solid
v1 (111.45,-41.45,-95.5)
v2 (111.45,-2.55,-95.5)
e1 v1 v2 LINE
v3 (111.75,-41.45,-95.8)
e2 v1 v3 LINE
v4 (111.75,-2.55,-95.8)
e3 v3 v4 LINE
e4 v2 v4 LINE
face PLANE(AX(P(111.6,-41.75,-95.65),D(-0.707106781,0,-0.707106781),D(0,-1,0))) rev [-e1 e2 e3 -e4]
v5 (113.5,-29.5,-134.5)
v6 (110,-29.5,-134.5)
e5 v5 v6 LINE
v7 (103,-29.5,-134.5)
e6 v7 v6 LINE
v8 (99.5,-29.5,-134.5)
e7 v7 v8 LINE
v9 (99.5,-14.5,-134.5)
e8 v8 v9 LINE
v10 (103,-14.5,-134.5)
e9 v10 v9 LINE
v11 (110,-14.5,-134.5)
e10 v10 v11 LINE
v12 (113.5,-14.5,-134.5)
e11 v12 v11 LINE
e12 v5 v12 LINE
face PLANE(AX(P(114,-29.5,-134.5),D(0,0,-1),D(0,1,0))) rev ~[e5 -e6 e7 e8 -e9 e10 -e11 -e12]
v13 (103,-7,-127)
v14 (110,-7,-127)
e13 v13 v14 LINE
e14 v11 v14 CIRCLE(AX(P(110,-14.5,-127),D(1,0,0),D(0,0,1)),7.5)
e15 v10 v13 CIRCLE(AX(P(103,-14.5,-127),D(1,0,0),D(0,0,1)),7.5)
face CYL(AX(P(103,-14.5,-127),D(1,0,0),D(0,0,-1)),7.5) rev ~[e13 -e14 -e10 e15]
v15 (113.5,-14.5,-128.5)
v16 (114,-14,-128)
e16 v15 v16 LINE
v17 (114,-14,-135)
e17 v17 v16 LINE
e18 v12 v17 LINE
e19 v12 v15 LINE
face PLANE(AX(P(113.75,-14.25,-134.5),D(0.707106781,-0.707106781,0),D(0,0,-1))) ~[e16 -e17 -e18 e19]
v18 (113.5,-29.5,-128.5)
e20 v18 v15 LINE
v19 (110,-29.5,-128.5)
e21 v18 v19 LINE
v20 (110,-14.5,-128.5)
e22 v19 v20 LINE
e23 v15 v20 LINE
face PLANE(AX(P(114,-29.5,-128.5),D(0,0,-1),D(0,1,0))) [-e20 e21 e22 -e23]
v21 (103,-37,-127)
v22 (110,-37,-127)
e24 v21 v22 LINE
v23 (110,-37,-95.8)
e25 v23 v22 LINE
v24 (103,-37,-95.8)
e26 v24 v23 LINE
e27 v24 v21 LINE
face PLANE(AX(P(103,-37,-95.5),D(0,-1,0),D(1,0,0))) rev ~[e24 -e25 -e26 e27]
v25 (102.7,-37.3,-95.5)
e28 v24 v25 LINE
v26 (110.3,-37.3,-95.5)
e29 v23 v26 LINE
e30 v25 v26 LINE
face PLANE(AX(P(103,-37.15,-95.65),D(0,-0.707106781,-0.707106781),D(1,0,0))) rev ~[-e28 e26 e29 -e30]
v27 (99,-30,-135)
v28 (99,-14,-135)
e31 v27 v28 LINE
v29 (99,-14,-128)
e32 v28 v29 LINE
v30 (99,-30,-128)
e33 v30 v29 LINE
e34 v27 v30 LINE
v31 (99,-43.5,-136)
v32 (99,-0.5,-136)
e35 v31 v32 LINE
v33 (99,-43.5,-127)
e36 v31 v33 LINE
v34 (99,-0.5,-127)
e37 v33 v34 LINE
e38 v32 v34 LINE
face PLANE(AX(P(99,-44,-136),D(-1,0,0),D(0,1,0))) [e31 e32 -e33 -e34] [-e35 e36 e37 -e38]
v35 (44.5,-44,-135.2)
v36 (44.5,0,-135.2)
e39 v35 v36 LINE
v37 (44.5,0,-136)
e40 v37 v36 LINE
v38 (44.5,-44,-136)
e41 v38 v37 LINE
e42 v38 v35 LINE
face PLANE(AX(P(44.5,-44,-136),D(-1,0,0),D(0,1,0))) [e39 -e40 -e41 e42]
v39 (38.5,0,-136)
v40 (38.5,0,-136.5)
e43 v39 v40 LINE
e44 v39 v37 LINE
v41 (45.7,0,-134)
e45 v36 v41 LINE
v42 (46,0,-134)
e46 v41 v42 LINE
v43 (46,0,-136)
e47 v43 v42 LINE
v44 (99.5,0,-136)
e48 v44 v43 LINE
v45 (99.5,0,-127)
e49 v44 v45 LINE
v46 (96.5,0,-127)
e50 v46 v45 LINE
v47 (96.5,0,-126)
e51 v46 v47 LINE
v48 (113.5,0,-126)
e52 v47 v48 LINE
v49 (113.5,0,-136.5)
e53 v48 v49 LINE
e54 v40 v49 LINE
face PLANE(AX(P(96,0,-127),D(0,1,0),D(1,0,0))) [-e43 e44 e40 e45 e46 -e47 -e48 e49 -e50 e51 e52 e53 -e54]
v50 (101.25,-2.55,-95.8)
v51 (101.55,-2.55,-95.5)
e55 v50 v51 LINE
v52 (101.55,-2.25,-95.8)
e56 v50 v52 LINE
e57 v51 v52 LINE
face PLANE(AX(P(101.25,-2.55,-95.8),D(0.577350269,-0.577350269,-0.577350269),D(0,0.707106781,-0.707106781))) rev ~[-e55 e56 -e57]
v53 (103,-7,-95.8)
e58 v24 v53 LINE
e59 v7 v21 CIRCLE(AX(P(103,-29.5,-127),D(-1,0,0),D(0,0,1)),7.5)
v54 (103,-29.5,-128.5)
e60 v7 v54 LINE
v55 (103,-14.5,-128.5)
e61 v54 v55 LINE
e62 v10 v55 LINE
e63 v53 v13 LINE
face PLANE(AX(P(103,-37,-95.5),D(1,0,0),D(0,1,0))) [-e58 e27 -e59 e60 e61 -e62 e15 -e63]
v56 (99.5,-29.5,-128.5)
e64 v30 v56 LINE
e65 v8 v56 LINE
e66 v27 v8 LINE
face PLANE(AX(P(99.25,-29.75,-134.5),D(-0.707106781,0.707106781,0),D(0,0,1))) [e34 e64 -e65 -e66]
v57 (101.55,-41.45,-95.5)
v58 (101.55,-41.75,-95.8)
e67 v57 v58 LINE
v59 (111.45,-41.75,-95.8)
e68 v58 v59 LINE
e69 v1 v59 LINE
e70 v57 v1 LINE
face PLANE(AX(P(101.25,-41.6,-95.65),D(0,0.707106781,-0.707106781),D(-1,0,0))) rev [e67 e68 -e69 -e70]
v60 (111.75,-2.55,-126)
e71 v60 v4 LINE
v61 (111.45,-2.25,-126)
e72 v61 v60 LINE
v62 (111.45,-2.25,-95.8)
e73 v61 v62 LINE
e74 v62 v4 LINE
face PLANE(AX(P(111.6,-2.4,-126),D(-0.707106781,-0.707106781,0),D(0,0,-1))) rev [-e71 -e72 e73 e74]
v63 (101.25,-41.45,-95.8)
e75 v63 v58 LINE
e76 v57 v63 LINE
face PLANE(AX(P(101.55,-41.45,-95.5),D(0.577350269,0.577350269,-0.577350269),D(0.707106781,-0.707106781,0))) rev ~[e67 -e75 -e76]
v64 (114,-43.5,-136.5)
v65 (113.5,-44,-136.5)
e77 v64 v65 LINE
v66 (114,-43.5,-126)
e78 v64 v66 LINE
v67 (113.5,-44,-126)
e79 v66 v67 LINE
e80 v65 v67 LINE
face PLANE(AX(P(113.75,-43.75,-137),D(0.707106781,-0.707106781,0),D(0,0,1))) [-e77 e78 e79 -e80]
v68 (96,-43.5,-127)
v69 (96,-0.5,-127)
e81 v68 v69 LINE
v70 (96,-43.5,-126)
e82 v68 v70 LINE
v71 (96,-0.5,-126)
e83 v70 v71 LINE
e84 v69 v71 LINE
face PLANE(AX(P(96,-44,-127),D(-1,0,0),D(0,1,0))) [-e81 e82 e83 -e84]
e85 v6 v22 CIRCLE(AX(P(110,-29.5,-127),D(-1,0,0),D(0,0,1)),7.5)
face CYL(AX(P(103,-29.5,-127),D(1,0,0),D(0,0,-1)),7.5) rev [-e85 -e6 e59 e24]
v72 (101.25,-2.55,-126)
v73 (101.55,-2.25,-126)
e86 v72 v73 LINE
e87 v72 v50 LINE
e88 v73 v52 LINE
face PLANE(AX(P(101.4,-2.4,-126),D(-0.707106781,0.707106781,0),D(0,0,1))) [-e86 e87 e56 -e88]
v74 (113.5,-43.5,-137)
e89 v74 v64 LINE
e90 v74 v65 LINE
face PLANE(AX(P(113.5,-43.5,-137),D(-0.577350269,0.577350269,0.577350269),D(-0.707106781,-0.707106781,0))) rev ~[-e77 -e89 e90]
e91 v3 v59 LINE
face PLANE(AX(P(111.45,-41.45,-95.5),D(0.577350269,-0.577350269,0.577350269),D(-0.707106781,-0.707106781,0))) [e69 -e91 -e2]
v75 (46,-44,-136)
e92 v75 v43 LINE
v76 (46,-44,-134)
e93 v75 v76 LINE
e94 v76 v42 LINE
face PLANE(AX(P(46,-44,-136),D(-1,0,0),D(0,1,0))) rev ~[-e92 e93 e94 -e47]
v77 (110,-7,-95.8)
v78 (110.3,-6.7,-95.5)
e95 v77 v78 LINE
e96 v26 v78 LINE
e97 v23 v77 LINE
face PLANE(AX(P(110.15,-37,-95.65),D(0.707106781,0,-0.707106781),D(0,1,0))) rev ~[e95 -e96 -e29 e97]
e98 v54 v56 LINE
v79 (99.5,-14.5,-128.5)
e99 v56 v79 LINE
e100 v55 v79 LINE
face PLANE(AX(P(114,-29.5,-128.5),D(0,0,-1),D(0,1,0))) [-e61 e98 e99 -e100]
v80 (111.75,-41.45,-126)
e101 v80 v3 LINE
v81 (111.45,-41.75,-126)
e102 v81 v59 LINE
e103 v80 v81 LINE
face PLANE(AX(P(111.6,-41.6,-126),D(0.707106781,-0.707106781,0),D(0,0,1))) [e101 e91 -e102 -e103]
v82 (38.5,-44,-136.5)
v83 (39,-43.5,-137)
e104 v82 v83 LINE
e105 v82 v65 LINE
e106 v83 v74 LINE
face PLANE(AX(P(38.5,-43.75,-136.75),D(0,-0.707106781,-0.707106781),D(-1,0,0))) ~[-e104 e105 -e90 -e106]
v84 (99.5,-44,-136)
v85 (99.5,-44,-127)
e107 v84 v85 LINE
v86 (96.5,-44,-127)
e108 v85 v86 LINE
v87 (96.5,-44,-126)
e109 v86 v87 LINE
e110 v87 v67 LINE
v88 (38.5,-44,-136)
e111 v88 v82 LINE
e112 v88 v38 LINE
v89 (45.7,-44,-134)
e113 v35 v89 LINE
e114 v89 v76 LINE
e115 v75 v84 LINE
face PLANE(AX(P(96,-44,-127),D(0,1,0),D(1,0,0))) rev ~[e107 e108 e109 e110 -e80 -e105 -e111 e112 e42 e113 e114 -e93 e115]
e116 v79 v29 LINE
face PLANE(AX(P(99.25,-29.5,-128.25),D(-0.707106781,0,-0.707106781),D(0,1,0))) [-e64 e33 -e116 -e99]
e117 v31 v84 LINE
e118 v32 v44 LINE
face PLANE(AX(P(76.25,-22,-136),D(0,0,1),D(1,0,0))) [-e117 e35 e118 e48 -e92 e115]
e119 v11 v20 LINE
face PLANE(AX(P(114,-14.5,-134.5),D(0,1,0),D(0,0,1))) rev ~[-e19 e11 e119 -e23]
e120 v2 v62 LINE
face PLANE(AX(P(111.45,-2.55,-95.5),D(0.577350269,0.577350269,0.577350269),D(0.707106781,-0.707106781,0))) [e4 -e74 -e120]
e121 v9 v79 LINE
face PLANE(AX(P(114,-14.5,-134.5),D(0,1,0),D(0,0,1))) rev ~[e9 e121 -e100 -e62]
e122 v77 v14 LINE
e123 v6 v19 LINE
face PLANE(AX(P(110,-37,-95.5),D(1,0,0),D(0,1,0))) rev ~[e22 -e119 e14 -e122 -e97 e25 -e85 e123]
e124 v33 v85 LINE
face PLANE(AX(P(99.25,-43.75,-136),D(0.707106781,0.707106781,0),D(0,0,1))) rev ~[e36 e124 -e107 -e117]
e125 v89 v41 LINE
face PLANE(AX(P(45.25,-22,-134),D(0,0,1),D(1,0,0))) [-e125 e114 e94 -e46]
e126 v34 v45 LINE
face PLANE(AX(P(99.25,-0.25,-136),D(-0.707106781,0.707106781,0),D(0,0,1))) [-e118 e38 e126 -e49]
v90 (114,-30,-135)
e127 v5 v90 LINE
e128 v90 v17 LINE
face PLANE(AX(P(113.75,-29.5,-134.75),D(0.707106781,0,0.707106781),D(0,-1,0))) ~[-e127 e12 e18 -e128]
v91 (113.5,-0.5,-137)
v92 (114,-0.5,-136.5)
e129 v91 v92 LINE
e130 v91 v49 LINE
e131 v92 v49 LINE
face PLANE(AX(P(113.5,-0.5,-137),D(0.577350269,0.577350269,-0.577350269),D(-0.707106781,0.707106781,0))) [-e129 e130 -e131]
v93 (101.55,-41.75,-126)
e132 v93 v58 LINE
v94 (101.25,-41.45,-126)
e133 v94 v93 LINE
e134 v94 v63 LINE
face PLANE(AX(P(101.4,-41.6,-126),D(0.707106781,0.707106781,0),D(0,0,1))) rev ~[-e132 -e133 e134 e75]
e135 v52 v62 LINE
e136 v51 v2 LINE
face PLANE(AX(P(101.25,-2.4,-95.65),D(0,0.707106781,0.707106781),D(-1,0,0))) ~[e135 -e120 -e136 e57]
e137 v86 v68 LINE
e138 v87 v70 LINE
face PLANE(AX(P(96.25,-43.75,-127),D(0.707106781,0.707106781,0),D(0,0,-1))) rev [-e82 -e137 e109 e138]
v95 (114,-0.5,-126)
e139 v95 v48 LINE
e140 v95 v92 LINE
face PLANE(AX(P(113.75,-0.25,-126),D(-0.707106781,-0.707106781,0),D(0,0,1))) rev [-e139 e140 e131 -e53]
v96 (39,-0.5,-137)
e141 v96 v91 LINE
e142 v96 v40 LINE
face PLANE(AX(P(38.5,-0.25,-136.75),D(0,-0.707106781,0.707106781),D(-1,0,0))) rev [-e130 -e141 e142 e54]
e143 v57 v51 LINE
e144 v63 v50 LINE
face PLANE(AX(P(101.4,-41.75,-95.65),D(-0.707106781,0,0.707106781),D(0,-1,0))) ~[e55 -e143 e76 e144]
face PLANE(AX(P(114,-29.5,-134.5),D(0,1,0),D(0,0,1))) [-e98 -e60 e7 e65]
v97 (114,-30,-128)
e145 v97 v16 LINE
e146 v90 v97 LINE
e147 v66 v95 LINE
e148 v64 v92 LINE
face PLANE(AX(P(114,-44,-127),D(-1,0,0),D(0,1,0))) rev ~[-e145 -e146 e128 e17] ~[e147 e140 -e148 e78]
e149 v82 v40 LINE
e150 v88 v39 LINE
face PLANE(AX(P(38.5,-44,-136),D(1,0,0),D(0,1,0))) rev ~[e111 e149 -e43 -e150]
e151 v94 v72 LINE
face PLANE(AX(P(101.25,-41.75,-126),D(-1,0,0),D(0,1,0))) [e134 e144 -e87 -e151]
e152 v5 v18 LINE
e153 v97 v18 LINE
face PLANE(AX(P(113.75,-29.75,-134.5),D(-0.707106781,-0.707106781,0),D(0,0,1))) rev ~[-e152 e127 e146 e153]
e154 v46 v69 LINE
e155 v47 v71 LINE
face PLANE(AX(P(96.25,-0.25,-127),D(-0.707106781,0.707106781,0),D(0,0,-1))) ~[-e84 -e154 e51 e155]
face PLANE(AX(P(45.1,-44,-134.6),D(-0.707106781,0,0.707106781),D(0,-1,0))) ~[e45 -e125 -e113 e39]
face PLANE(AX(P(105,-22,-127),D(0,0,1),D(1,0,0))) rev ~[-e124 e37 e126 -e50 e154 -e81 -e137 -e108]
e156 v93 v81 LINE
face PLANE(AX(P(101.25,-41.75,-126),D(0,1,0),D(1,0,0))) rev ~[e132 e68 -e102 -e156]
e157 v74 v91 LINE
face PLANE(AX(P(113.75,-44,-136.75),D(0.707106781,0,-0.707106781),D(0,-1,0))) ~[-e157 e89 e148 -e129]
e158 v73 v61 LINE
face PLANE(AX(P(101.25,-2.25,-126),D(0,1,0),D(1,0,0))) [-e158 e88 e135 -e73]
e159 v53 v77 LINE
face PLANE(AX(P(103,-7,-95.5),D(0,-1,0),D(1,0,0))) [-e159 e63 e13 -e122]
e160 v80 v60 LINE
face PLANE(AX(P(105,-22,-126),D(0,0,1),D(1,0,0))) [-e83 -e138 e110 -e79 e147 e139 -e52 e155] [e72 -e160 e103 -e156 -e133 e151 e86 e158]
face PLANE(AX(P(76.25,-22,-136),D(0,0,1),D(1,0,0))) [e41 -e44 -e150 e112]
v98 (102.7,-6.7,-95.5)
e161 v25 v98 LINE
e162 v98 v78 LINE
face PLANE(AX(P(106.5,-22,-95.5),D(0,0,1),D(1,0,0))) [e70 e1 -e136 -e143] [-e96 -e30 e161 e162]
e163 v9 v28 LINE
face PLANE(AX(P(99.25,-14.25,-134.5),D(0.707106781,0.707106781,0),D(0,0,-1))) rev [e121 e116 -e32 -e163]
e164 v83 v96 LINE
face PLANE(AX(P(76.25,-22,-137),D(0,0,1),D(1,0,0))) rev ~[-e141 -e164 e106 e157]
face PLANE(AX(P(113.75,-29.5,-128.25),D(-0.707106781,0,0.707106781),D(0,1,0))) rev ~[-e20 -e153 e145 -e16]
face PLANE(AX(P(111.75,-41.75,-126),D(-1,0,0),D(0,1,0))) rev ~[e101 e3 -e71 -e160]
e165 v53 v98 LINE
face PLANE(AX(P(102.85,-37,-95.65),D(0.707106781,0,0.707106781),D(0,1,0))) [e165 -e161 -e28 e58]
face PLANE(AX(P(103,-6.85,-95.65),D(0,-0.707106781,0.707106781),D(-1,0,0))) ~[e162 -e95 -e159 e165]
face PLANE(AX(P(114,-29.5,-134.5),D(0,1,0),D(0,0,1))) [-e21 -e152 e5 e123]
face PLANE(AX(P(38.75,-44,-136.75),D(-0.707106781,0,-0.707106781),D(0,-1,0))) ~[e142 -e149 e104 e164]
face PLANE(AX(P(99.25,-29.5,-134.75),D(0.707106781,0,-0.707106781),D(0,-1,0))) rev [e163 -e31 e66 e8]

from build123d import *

# Parameters (mm, degrees)
SKETCH032_W     = 75.5
SKETCH032_H     = 44
PAD015_DEPTH    = 1
SKETCH033_W     = 15
SKETCH033_H     = 44
PAD016_DEPTH    = 9
SKETCH034_W     = 18
SKETCH034_H     = 44
PAD017_DEPTH    = 1
SKETCH035_W     = 10.5
SKETCH035_H     = 39.5
PAD018_DEPTH    = 30.5
SKETCH036_W     = 7
SKETCH036_H     = 30
POCKET009_DEPTH = 39
SKETCH037_W     = 15
SKETCH037_H     = 6
POCKET010_DEPTH = 15
SKETCH044_W     = 1.5
SKETCH044_H     = 44
PAD023_DEPTH    = 2
CHAMFER042_SIZE = 1.2
FILLET010_R     = 7.5
CHAMFER043_SIZE = 0.5
CHAMFER049_SIZE = 0.3


with BuildPart() as part:
    # Sketch032 → Pad015 (new body)
    with BuildSketch(Plane.XY):
        with Locations((-30.25, 0)):
            Rectangle(SKETCH032_W, SKETCH032_H)
    extrude(amount=-PAD015_DEPTH)

    # Sketch033 (on Face5 of Pad015) → Pad016 (join)
    with BuildSketch(Plane.XY):
        Rectangle(SKETCH033_W, SKETCH033_H)
    extrude(amount=PAD016_DEPTH)

    # Sketch034 (on Face5 of Pad016) → Pad017 (join)
    with BuildSketch(Plane.XY.offset(9)):
        with Locations((-1.5, 0)):
            Rectangle(SKETCH034_W, SKETCH034_H)
    extrude(amount=PAD017_DEPTH)

    # Sketch035 (on Face7 of Pad017) → Pad018 (join)
    with BuildSketch(Plane.XY.offset(10)):
        Rectangle(SKETCH035_W, SKETCH035_H)
    extrude(amount=PAD018_DEPTH)

    # Sketch036 (on Face15 of Pad018) → Pocket009 (cut)
    with BuildSketch(Plane.XY.offset(40.5)):
        Rectangle(SKETCH036_W, SKETCH036_H)
    extrude(amount=-POCKET009_DEPTH, mode=Mode.SUBTRACT)

    # Sketch037 (on Face6 of Pocket009) → Pocket010 (cut)
    with BuildSketch(Plane.YZ.offset(7.5)):
        with Locations((0, 4.5)):
            Rectangle(SKETCH037_W, SKETCH037_H)
    extrude(amount=-POCKET010_DEPTH, mode=Mode.SUBTRACT)

    # Sketch044 (on Face4 of Pocket010) → Pad023 (join)
    with BuildSketch(Plane.XY):
        with Locations((-61.25, 0)):
            Rectangle(SKETCH044_W, SKETCH044_H)
    extrude(amount=PAD023_DEPTH)

    # Chamfer042
    chamfer042_edges = [part.edges().sort_by_distance(p)[0] for p in [
        (-62, 0, 2),
    ]]
    chamfer(chamfer042_edges, length=CHAMFER042_SIZE)

    # Fillet010
    fillet010_edges = [part.edges().sort_by_distance(p)[0] for p in [
        (0, 15, 1.5),
        (0, -15, 1.5),
    ]]
    fillet(fillet010_edges, radius=FILLET010_R)

    # Chamfer043
    chamfer043_edges = [part.edges().sort_by_distance(p)[0] for p in [
        (-7.5, 7.5, 4.5),
        (-7.5, 0, 7.5),
        (-7.5, -7.5, 4.5),
        (-7.5, 0, 1.5),
        (7.5, 7.5, 4.5),
        (7.5, 0, 1.5),
        (7.5, -7.5, 4.5),
        (7.5, 0, 7.5),
        (7.5, -22, 4.5),
        (7.5, 22, 4.5),
        (7.5, 0, -1),
        (-7.5, -22, 4.5),
        (-30.25, -22, -1),
        (-68, 0, -1),
        (-30.25, 22, -1),
        (-7.5, 22, 4.5),
        (-10.5, -22, 9.5),
        (-10.5, 22, 9.5),
    ]]
    chamfer(chamfer043_edges, length=CHAMFER043_SIZE)

    # Chamfer049
    chamfer049_edges = [part.edges().sort_by_distance(p)[0] for p in [
        (5.25, -19.75, 25.25),
        (-5.25, -19.75, 25.25),
        (5.25, 19.75, 25.25),
        (0, 19.75, 40.5),
        (-5.25, 0, 40.5),
        (5.25, 0, 40.5),
        (0, -19.75, 40.5),
        (-3.5, 0, 40.5),
        (0, -15, 40.5),
        (3.5, 0, 40.5),
        (0, 15, 40.5),
        (-5.25, 19.75, 25.25),
    ]]
    chamfer(chamfer049_edges, length=CHAMFER049_SIZE)


with BuildPart() as part_1:
    # Body007 placement: moved
    add(part.part.moved(Location((106.5, -22, -136))))


solid = part_1.part
